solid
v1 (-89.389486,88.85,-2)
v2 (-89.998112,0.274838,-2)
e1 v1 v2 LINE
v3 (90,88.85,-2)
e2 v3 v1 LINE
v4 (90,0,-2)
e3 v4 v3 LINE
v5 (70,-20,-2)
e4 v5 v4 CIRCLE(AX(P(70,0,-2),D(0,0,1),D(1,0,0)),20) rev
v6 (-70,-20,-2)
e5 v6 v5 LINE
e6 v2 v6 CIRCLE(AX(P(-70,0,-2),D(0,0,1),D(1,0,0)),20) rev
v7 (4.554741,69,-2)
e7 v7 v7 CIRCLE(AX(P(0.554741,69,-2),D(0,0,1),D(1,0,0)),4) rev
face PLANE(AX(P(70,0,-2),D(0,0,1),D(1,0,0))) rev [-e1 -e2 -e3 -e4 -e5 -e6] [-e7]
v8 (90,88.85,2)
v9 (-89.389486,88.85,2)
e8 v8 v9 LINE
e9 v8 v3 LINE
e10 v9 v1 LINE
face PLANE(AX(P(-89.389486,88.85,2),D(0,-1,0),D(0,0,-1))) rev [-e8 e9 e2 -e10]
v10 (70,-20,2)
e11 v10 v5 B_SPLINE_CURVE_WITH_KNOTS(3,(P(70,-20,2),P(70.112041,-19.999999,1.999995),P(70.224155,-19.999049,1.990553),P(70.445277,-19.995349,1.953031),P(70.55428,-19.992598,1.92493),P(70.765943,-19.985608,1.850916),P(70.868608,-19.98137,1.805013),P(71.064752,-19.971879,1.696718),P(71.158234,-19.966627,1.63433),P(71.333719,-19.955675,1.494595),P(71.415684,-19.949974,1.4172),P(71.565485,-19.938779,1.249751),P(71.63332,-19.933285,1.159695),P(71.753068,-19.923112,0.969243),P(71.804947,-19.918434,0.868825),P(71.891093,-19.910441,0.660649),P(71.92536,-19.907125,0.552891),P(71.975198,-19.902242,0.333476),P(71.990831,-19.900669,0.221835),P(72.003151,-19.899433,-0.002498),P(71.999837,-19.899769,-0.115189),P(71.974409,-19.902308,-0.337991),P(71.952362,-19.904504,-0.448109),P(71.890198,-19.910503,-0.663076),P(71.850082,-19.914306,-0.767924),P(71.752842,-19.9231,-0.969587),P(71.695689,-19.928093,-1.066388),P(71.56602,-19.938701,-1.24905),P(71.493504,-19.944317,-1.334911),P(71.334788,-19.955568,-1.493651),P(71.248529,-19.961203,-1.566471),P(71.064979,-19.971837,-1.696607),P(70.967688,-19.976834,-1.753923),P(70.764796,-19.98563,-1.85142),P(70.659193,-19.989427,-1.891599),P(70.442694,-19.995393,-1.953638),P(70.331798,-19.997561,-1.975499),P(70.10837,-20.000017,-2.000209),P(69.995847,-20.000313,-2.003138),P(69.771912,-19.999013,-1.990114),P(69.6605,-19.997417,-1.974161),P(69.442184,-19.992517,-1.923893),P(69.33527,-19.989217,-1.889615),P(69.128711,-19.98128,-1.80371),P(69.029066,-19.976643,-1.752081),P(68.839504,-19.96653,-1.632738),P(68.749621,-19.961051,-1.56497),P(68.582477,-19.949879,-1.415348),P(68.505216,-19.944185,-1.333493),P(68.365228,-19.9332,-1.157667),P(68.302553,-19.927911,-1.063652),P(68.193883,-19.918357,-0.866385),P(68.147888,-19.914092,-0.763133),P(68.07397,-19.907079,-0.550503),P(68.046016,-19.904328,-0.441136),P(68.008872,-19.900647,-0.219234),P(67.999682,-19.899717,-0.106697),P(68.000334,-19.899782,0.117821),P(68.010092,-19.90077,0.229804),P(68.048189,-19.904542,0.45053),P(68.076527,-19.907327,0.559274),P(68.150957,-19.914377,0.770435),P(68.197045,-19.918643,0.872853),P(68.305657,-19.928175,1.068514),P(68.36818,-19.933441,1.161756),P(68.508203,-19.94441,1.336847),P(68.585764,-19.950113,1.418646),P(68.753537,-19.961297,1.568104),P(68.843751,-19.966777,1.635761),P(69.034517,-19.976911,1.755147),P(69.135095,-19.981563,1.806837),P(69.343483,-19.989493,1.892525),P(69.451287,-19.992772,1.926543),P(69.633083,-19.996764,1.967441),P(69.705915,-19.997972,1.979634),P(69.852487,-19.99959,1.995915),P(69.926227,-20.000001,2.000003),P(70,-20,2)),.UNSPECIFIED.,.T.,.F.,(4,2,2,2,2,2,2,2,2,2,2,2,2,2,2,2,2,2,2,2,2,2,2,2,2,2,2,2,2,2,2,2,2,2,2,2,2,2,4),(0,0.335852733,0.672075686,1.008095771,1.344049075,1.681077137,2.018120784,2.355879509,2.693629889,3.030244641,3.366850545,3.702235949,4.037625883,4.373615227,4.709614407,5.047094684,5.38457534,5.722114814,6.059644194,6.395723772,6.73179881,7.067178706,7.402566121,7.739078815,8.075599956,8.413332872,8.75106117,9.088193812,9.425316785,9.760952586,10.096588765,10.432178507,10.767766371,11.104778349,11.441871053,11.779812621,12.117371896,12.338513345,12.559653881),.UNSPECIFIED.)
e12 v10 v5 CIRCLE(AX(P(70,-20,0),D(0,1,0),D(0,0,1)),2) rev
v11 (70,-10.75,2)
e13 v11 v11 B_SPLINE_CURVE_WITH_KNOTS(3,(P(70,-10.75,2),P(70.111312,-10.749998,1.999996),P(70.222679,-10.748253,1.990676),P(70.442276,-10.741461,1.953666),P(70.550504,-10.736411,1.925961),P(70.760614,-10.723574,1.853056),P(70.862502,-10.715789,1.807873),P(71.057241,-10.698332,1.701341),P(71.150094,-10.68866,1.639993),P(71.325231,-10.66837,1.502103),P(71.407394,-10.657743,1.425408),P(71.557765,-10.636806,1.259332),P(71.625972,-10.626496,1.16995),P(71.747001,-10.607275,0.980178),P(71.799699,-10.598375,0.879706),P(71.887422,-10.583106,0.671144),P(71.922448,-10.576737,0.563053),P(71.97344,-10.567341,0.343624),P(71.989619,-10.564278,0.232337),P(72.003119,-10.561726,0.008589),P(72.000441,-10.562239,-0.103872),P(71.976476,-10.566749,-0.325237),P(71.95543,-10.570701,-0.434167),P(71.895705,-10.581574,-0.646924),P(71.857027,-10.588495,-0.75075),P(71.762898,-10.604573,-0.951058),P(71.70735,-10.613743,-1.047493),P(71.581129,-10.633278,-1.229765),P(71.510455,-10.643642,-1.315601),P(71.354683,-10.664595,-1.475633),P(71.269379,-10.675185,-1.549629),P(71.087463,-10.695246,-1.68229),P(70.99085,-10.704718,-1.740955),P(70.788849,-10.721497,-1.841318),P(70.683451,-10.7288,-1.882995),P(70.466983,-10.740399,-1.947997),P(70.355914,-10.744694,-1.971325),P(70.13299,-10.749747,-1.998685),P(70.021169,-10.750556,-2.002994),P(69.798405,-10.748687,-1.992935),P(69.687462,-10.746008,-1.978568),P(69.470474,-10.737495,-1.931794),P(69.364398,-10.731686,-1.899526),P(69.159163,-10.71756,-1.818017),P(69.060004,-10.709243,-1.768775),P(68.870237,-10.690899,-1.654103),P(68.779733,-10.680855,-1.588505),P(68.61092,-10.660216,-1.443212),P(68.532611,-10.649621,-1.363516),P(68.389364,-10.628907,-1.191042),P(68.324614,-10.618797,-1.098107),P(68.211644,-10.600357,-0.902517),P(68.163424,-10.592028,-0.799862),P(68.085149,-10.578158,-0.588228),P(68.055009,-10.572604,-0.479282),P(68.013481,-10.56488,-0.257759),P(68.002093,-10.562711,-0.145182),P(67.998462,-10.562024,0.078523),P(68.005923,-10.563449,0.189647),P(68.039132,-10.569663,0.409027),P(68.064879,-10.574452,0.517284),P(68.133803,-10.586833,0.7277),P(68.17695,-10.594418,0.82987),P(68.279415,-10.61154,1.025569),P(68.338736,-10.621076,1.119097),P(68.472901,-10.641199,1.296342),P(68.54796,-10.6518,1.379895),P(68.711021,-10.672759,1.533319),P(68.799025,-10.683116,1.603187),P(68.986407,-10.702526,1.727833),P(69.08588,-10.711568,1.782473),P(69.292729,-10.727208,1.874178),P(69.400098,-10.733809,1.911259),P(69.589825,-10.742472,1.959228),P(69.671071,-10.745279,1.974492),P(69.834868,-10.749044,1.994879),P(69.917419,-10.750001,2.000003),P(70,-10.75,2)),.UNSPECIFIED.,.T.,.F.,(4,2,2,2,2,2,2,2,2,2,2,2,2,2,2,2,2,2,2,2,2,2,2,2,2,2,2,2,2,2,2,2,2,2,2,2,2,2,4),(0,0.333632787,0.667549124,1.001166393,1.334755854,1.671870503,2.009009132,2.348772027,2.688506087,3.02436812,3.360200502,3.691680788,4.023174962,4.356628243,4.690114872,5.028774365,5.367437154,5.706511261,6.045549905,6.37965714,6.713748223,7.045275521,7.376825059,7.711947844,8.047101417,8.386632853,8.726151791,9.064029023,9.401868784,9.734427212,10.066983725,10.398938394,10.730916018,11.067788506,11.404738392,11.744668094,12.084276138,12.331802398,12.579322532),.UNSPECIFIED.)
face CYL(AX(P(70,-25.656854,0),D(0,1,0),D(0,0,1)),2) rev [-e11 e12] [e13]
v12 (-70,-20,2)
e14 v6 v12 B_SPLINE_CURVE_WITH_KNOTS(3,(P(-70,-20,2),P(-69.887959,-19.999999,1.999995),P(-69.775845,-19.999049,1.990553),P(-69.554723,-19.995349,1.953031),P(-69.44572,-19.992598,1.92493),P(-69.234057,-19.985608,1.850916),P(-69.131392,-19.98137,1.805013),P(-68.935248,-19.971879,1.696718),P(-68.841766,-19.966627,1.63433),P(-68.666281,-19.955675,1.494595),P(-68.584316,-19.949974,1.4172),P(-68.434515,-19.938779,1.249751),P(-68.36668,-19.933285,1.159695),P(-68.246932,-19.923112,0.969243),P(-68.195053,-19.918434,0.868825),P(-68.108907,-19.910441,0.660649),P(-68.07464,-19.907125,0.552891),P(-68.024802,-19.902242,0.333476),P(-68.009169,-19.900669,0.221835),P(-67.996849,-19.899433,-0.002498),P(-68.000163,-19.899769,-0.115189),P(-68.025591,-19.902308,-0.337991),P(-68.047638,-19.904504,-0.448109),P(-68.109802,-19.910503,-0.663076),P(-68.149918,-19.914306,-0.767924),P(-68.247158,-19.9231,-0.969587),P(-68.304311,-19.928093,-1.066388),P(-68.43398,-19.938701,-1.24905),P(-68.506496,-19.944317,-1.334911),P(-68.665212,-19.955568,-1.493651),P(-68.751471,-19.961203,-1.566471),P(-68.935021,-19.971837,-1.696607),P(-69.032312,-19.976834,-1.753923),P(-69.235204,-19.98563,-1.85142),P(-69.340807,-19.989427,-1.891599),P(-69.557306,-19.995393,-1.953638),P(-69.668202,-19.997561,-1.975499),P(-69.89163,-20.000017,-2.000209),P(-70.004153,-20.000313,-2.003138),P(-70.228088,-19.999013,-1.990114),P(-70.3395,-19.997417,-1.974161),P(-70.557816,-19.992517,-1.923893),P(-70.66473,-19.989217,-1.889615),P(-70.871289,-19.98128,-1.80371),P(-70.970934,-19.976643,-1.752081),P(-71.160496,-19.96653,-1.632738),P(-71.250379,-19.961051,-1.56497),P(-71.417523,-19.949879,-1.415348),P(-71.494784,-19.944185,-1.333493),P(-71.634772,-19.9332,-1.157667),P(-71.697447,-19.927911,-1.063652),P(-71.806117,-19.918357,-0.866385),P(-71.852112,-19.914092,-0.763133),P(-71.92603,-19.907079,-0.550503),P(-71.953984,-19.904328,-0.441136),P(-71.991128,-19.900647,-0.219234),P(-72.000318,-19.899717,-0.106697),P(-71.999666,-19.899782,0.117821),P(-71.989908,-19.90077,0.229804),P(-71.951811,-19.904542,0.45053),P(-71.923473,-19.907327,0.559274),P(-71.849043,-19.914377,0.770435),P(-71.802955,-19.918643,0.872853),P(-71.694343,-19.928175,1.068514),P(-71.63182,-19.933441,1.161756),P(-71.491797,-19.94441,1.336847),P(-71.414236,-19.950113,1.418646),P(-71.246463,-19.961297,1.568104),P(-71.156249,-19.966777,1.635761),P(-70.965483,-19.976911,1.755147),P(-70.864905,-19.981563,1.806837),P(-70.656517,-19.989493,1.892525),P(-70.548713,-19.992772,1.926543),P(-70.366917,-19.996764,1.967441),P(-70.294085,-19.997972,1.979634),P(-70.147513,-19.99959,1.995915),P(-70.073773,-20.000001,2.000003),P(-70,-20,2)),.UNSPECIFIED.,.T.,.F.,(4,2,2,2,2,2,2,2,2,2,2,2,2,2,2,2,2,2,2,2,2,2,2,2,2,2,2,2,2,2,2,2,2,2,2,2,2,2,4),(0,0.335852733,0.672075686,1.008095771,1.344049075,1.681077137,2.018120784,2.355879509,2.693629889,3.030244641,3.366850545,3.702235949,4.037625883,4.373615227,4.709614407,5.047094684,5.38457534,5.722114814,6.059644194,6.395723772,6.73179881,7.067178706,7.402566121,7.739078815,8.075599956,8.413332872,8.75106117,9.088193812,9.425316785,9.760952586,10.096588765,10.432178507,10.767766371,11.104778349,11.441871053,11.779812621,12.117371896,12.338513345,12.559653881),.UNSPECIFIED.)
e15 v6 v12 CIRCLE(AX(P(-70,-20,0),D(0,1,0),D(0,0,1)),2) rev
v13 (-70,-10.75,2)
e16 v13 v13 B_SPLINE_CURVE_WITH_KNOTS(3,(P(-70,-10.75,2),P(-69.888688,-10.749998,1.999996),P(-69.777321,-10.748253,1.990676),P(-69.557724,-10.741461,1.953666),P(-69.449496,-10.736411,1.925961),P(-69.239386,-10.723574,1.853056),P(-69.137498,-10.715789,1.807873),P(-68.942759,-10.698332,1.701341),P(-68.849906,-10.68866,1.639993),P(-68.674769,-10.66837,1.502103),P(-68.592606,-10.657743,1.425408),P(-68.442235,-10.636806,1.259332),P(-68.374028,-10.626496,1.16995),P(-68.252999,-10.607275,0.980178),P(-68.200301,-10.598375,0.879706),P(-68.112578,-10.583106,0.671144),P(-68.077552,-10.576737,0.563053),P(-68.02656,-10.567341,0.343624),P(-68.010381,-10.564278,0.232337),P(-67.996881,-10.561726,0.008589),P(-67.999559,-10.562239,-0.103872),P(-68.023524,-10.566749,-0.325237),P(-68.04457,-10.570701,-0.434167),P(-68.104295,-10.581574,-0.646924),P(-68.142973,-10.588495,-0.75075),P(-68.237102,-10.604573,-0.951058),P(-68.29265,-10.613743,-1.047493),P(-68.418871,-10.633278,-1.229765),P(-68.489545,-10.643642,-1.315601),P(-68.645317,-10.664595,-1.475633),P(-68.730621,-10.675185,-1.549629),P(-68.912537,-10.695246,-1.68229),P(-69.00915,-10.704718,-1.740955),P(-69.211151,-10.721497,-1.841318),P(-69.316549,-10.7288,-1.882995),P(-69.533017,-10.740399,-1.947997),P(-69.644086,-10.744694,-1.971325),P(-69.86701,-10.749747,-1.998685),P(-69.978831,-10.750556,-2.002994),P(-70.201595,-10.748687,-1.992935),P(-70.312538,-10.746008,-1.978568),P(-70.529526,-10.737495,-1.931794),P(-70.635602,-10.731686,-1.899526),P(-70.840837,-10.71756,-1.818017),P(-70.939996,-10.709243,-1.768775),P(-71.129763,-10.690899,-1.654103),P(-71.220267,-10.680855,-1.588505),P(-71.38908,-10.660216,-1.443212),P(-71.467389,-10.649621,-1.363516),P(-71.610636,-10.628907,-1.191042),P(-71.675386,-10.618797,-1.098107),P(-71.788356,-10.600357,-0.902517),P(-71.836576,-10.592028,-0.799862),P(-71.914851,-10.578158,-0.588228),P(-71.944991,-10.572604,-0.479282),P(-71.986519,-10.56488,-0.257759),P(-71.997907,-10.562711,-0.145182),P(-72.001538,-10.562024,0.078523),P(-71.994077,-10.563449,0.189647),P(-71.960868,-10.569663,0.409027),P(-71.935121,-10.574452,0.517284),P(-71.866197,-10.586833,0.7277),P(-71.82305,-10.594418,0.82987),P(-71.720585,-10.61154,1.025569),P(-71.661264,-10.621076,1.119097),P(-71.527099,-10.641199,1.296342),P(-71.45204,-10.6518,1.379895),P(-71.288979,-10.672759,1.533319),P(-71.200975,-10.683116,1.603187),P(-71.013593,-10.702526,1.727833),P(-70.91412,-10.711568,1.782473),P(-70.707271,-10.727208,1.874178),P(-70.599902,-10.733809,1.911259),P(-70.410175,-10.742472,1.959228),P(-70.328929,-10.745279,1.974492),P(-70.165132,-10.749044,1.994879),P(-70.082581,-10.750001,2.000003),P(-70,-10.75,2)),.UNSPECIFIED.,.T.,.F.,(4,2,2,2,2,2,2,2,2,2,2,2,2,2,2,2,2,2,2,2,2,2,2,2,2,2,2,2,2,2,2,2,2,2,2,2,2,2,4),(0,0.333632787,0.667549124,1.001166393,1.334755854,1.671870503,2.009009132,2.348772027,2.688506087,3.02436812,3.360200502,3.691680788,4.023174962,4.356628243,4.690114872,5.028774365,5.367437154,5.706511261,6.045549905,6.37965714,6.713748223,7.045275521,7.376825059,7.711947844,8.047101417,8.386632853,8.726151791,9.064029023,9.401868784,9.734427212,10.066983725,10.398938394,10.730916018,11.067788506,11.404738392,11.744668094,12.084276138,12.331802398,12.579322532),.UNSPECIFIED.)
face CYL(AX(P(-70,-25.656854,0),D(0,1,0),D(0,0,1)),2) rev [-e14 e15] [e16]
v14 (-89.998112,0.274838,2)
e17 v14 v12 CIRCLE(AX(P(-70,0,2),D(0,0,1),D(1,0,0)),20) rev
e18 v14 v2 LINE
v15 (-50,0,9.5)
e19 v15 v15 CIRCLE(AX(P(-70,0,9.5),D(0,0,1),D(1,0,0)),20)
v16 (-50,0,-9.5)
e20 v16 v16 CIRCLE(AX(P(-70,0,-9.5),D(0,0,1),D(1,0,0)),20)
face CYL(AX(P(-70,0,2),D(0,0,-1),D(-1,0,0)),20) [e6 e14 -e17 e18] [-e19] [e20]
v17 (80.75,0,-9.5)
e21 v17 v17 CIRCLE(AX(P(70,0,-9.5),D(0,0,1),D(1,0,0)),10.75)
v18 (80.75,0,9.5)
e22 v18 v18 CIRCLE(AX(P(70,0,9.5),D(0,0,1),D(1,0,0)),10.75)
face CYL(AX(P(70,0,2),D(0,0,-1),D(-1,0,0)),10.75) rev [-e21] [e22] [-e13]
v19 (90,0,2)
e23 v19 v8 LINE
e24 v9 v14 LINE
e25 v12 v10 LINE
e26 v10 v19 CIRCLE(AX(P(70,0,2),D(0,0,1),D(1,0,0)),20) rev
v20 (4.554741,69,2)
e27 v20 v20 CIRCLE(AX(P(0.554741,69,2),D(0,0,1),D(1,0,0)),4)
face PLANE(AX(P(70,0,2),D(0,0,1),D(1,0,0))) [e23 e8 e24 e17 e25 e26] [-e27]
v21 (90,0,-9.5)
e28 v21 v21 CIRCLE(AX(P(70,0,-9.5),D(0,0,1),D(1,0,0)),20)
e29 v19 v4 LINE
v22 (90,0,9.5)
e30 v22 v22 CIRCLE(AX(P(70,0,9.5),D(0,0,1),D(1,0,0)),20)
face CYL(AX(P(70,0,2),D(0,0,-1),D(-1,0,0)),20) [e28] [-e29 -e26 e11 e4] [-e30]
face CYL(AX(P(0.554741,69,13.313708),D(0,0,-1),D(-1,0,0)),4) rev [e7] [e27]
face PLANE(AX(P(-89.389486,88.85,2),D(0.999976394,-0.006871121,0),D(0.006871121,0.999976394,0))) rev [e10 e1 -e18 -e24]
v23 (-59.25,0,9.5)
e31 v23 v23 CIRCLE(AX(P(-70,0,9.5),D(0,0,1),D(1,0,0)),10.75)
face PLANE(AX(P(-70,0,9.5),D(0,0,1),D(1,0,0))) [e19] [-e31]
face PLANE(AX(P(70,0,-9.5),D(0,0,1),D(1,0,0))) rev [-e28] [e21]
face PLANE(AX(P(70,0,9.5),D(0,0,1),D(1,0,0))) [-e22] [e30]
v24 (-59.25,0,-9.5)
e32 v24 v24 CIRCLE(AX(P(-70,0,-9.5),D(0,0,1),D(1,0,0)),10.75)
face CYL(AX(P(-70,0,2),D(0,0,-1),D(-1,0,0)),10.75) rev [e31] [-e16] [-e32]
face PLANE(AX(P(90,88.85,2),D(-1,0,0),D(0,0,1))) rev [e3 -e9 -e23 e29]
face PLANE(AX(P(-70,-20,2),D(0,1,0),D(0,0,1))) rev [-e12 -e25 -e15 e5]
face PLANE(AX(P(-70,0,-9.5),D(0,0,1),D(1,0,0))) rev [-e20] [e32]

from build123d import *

# Parameters (mm, degrees)
SKETCH1_R                      = 10.75
BOSS_EXTRUDE1_DEPTH            = 2
CUT_EXTRUDE1_REACH             = 4
SKETCH2_R                      = 4
CUT_EXTRUDE1_DIRECTION_2_REACH = 4
SKETCH3_R                      = 20
SKETCH3_R_2                    = 10.75
BOSS_EXTRUDE2_DEPTH            = 9.5
SKETCH6_R                      = 2
CUT_EXTRUDE2_DEPTH             = 20


with BuildPart() as part:
    # Sketch1 → Boss-Extrude1 (new body, symmetric)
    with BuildSketch(Plane.XY):
        with BuildLine():
            Line((-70, -20), (70, -20))
            ThreePointArc((70, -20), (84.142135624, -14.142135624), (90, 0))
            Line((90, 0), (90, 88.85))
            Line((90, 88.85), (-89.389486479, 88.85))
            Line((-89.389486479, 88.85), (-90, 0))
            ThreePointArc((-90, 0), (-84.142135624, -14.142135624), (-70, -20))
        make_face()
        with Locations((70, 0)):
            Circle(SKETCH1_R, mode=Mode.SUBTRACT)
        with Locations((-70, 0)):
            Circle(SKETCH1_R, mode=Mode.SUBTRACT)
    extrude(amount=BOSS_EXTRUDE1_DEPTH, both=True)

    # Cut-Extrude1: up to this face of the body (flat: up to its plane)
    cut_extrude1_end = Plane(part.part.faces().sort_by_distance((0.130461416, 36.187362992, 2))[0])
    # Sketch2 → Cut-Extrude1 (cut, up to the picked face)
    with BuildSketch(Plane.XY, mode=Mode.PRIVATE) as cut_extrude1_sk1:
        with Locations((0.554740673, 69)):
            Circle(SKETCH2_R)
    cut_extrude1_tool1 = split(extrude(cut_extrude1_sk1.sketch, amount=CUT_EXTRUDE1_REACH, mode=Mode.PRIVATE), bisect_by=cut_extrude1_end, keep=Keep.BOTH, mode=Mode.PRIVATE)
    add(cut_extrude1_tool1.solids().sort_by_distance((0.554741, 69, 0))[0], mode=Mode.SUBTRACT)

    # Cut-Extrude1 direction 2: up to this face of the body (flat: up to its plane)
    cut_extrude1_direction_2_end = Plane(part.part.faces().sort_by_distance((0.130461416, 36.187362992, -2))[0])
    # Sketch2 → Cut-Extrude1 direction 2 (cut, up to the picked face)
    with BuildSketch(Plane.XY, mode=Mode.PRIVATE) as cut_extrude1_direction_2_sk1:
        with Locations((0.554740673, 69)):
            Circle(SKETCH2_R)
    cut_extrude1_direction_2_tool1 = split(extrude(cut_extrude1_direction_2_sk1.sketch, amount=-CUT_EXTRUDE1_DIRECTION_2_REACH, mode=Mode.PRIVATE), bisect_by=cut_extrude1_direction_2_end, keep=Keep.BOTH, mode=Mode.PRIVATE)
    add(cut_extrude1_direction_2_tool1.solids().sort_by_distance((0.554741, 69, 0))[0], mode=Mode.SUBTRACT)

    # Sketch3 → Boss-Extrude2 (add, symmetric)
    with BuildSketch(Plane.XY):
        with Locations((-70, 0)):
            Circle(SKETCH3_R)
        with Locations((-70, 0)):
            Circle(SKETCH3_R_2, mode=Mode.SUBTRACT)
        with Locations((70, 0)):
            Circle(SKETCH3_R)
        with Locations((70, 0)):
            Circle(SKETCH3_R_2, mode=Mode.SUBTRACT)
    extrude(amount=BOSS_EXTRUDE2_DEPTH, both=True)

    # Sketch6 → Cut-Extrude2 (cut)
    with BuildSketch(Plane(origin=(0, 0, 0), x_dir=(1, 0, 0), z_dir=(0, 1, 0))):
        with Locations((-70, 0)):
            Circle(SKETCH6_R)
        with Locations((70, 0)):
            Circle(SKETCH6_R)
    extrude(amount=-CUT_EXTRUDE2_DEPTH, mode=Mode.SUBTRACT)


solid = part.part
